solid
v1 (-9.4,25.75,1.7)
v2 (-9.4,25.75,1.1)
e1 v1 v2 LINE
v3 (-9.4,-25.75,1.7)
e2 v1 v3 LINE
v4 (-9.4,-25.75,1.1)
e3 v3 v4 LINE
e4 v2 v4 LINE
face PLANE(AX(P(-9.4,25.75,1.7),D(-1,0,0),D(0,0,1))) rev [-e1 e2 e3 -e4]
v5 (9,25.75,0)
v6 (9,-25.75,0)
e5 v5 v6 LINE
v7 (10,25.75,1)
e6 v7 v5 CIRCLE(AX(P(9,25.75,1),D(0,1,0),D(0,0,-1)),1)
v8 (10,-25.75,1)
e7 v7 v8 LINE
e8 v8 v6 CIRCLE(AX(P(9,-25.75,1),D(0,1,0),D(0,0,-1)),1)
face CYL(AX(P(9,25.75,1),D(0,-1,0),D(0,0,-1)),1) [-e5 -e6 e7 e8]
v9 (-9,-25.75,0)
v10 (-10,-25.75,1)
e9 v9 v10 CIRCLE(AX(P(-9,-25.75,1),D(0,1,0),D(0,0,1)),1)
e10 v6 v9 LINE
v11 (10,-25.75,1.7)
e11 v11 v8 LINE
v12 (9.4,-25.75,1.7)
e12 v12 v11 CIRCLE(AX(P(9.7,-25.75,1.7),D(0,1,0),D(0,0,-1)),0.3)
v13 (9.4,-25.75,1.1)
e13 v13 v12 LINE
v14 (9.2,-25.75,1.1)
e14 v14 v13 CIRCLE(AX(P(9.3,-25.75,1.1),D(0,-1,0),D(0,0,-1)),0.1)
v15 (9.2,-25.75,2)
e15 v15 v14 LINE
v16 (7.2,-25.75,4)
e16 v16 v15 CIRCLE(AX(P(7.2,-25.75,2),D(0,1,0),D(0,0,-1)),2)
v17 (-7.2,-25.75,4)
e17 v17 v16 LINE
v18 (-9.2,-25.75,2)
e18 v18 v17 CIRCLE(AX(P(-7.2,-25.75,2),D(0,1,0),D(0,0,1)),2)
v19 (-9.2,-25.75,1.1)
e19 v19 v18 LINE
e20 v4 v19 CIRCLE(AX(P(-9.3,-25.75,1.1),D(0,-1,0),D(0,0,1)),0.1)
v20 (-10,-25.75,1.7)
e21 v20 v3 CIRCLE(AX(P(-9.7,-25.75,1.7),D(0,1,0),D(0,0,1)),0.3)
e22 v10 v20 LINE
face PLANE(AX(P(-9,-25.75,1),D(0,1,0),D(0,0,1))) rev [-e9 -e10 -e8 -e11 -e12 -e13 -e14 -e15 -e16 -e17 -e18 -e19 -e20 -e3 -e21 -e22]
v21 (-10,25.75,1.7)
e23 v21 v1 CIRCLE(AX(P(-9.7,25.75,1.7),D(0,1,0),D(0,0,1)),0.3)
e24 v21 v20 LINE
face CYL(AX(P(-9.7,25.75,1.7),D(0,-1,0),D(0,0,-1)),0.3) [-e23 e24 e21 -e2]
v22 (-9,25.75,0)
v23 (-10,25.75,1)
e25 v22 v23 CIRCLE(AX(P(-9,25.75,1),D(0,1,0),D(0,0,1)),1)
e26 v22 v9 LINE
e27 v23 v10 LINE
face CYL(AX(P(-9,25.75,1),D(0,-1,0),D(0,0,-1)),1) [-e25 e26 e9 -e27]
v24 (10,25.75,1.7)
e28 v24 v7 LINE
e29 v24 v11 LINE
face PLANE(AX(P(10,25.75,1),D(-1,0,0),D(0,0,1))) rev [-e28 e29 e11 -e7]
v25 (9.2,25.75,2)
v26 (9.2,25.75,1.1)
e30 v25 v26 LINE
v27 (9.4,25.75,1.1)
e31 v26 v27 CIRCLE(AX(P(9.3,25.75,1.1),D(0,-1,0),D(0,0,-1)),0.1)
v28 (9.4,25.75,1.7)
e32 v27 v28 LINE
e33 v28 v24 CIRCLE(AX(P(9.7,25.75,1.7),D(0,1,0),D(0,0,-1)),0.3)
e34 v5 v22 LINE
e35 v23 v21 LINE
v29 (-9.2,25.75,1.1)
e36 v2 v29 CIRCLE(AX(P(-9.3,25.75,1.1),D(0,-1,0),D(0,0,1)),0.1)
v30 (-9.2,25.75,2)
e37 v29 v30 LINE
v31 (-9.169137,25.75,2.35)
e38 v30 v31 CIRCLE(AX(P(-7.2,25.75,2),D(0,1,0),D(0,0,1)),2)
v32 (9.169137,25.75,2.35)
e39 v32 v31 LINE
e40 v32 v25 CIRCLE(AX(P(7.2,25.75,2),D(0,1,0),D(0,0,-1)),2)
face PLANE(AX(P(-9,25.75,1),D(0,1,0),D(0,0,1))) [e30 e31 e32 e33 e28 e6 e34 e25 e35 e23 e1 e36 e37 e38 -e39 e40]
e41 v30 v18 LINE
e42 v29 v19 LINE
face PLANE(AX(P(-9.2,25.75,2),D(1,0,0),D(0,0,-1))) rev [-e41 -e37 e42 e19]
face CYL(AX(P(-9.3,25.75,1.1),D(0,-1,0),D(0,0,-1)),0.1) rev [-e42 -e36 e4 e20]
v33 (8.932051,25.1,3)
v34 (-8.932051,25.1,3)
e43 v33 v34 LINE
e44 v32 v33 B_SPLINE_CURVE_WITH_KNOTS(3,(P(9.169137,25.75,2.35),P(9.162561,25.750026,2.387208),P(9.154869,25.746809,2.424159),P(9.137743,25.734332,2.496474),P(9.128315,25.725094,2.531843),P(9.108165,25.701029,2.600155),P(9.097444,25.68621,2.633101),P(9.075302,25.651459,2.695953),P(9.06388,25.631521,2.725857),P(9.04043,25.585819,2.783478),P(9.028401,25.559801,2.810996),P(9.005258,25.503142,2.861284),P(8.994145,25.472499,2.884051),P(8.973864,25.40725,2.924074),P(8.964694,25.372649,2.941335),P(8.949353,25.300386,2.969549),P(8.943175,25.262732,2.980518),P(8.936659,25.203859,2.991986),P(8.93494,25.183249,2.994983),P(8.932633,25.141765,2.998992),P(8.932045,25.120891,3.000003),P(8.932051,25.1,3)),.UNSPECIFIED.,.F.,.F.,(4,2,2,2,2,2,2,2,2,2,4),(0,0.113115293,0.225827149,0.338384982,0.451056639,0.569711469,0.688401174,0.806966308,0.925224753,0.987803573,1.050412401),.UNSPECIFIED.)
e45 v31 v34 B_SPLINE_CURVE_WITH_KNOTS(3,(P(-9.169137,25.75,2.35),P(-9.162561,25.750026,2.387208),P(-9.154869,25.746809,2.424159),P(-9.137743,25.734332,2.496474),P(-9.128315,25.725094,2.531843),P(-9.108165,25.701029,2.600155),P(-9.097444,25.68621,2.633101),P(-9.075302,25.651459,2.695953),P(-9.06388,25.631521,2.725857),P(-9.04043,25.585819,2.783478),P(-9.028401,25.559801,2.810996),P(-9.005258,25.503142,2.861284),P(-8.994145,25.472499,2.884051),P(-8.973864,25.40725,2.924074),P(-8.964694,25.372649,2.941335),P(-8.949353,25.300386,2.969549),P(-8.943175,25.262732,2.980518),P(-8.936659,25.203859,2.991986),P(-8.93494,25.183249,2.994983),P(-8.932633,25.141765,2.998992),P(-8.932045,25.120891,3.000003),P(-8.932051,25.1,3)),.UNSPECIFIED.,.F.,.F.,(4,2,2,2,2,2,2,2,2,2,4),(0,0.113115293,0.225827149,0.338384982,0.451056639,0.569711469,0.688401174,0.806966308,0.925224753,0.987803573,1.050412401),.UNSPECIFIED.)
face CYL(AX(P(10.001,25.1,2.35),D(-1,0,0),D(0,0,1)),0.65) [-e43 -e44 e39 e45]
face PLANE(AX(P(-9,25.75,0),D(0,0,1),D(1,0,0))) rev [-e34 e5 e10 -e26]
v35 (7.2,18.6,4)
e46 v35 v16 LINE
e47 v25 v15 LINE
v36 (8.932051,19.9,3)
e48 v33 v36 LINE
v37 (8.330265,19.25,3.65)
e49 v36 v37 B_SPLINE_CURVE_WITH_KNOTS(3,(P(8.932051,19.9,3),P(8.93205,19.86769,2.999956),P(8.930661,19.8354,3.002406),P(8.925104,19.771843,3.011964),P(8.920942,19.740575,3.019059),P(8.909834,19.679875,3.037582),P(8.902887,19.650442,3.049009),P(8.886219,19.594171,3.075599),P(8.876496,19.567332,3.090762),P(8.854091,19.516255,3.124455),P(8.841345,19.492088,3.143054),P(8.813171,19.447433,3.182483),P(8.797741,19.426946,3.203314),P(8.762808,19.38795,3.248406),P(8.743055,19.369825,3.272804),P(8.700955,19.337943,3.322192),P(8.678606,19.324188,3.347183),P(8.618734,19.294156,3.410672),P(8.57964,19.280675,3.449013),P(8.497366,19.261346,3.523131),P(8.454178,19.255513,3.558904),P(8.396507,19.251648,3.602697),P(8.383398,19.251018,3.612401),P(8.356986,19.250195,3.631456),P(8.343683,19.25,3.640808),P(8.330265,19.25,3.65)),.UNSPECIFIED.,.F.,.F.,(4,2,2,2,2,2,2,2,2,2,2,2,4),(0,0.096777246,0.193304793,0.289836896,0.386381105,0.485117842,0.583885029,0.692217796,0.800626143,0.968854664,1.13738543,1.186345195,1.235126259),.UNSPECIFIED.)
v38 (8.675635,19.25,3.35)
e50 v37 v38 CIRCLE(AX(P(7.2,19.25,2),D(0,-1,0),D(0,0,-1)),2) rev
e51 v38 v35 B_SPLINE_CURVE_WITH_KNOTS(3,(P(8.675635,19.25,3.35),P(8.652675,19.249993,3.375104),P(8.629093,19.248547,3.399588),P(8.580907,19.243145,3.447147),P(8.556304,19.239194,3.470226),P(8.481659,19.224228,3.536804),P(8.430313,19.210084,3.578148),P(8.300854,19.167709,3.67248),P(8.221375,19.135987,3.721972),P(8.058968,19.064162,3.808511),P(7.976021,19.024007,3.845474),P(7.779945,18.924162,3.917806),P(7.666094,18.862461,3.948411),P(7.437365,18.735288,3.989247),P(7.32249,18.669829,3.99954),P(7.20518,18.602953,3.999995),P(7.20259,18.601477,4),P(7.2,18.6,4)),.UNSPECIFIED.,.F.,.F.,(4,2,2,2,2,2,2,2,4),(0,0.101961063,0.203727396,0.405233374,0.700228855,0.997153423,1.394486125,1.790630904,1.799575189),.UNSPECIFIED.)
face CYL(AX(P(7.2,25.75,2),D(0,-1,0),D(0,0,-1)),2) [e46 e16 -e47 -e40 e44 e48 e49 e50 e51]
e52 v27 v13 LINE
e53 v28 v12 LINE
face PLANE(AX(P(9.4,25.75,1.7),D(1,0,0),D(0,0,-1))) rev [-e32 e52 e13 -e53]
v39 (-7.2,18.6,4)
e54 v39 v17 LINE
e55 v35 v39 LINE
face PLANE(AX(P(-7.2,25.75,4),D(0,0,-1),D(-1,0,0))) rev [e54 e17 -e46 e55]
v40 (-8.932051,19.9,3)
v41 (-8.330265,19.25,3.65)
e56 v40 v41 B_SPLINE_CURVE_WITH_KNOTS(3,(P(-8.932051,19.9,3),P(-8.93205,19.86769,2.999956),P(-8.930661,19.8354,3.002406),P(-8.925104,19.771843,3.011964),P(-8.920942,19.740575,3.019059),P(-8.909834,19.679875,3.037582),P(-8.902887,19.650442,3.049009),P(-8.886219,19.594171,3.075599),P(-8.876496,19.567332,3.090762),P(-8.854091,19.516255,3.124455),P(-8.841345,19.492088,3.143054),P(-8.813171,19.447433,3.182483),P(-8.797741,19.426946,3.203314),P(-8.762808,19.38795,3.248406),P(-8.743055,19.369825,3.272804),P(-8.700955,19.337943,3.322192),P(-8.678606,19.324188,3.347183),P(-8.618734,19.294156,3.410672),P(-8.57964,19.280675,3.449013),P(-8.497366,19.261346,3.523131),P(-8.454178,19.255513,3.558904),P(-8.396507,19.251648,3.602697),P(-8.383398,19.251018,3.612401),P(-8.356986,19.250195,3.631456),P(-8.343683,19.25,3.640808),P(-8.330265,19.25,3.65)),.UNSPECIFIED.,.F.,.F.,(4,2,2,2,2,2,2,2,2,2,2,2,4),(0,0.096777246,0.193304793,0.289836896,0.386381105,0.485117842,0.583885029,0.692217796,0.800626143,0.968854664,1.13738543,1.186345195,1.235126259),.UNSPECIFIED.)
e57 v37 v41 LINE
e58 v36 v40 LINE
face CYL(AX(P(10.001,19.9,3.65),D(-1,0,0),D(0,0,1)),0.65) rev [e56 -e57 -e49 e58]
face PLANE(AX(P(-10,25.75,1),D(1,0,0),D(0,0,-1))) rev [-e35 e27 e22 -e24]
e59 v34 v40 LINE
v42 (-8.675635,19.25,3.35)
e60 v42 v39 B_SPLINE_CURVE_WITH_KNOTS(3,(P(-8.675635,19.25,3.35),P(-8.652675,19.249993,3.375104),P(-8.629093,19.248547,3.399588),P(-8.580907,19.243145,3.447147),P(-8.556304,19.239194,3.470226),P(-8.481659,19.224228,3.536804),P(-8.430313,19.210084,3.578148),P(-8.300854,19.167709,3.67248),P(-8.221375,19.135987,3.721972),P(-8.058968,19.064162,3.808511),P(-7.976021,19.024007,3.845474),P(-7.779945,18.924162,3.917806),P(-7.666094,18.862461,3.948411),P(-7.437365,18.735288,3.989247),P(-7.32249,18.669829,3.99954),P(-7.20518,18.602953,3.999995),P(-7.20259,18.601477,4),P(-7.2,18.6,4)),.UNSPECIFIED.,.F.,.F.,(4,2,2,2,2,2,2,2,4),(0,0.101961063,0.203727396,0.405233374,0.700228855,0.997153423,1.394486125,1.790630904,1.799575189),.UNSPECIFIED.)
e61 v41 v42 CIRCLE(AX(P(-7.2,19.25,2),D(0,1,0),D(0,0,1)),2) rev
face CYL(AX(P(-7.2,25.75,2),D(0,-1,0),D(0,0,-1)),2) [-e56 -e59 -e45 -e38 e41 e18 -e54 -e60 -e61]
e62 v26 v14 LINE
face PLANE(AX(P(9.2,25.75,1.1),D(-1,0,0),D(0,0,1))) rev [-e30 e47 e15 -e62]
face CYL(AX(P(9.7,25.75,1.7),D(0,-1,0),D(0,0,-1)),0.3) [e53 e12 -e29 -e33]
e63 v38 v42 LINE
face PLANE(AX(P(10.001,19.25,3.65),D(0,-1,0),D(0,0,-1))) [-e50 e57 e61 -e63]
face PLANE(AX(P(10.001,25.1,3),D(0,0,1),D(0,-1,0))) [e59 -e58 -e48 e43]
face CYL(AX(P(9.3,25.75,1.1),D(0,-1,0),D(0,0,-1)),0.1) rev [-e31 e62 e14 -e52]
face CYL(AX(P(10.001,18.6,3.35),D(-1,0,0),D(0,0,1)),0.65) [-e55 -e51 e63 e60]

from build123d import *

# Parameters (mm, degrees)
EXTRUDE_1_DEPTH                 = 25.75
CUT_EXTRUDE_1_REACH             = 29.912
CUT_EXTRUDE_1_DIRECTION_2_REACH = 29.912


with BuildPart() as part:
    # Эскиз1 → Бобышка-Вытянуть1 (new, symmetric)
    with BuildSketch(Plane(origin=(0, 0, 0), x_dir=(1, 0, 0), z_dir=(0, 1, 0))):
        with BuildLine():
            Line((-9, 0), (9, 0))
            ThreePointArc((9, 0), (9.707106781, -0.292893219), (10, -1))
            Line((10, -1), (10, -1.7))
            ThreePointArc((10, -1.7), (9.7, -2), (9.4, -1.7))
            Line((9.4, -1.7), (9.4, -1.1))
            ThreePointArc((9.4, -1.1), (9.3, -1), (9.2, -1.1))
            Line((9.2, -1.1), (9.2, -2))
            ThreePointArc((9.2, -2), (8.614213562, -3.414213562), (7.2, -4))
            Line((7.2, -4), (-7.2, -4))
            ThreePointArc((-7.2, -4), (-8.614213562, -3.414213562), (-9.2, -2))
            Line((-9.2, -2), (-9.2, -1.1))
            ThreePointArc((-9.2, -1.1), (-9.3, -1), (-9.4, -1.1))
            Line((-9.4, -1.1), (-9.4, -1.7))
            ThreePointArc((-9.4, -1.7), (-9.7, -2), (-10, -1.7))
            Line((-10, -1.7), (-10, -1))
            ThreePointArc((-10, -1), (-9.707106781, -0.292893219), (-9, 0))
        make_face()
    extrude(amount=EXTRUDE_1_DEPTH, both=True)

    # Эскиз2 → Вырез-Вытянуть1 (cut, up to next)
    with BuildSketch(Plane(origin=(0, 0, 0), x_dir=(0, 0, -1), z_dir=(1, 0, 0)), mode=Mode.PRIVATE) as cut_extrude_1_sk1:
        with BuildLine():
            Line((-3, 25.1), (-3, 19.9))
            ThreePointArc((-3, 19.9), (-3.190380592, 19.440380592), (-3.65, 19.25))
            Line((-3.65, 19.25), (-3.35, 19.25))
            ThreePointArc((-3.35, 19.25), (-3.809619408, 19.059619408), (-4, 18.6))
            Line((-4, 18.6), (-4, 25.75))
            Line((-4, 25.75), (-2.35, 25.75))
            ThreePointArc((-2.35, 25.75), (-2.809619408, 25.559619408), (-3, 25.1))
        make_face()
    cut_extrude_1_tool1 = extrude(cut_extrude_1_sk1.sketch, amount=-CUT_EXTRUDE_1_REACH, mode=Mode.PRIVATE) & part.part
    add(cut_extrude_1_tool1.solids().sort_by_distance((0, 22.538719, 3.500886))[0], mode=Mode.SUBTRACT)

    # Эскиз2 → Вырез-Вытянуть1 direction 2 (cut, up to next)
    with BuildSketch(Plane(origin=(0, 0, 0), x_dir=(0, 0, -1), z_dir=(1, 0, 0)), mode=Mode.PRIVATE) as cut_extrude_1_direction_2_sk1:
        with BuildLine():
            Line((-3, 25.1), (-3, 19.9))
            ThreePointArc((-3, 19.9), (-3.190380592, 19.440380592), (-3.65, 19.25))
            Line((-3.65, 19.25), (-3.35, 19.25))
            ThreePointArc((-3.35, 19.25), (-3.809619408, 19.059619408), (-4, 18.6))
            Line((-4, 18.6), (-4, 25.75))
            Line((-4, 25.75), (-2.35, 25.75))
            ThreePointArc((-2.35, 25.75), (-2.809619408, 25.559619408), (-3, 25.1))
        make_face()
    cut_extrude_1_direction_2_tool1 = extrude(cut_extrude_1_direction_2_sk1.sketch, amount=CUT_EXTRUDE_1_DIRECTION_2_REACH, mode=Mode.PRIVATE) & part.part
    add(cut_extrude_1_direction_2_tool1.solids().sort_by_distance((0, 22.538719, 3.500886))[0], mode=Mode.SUBTRACT)


solid = part.part
